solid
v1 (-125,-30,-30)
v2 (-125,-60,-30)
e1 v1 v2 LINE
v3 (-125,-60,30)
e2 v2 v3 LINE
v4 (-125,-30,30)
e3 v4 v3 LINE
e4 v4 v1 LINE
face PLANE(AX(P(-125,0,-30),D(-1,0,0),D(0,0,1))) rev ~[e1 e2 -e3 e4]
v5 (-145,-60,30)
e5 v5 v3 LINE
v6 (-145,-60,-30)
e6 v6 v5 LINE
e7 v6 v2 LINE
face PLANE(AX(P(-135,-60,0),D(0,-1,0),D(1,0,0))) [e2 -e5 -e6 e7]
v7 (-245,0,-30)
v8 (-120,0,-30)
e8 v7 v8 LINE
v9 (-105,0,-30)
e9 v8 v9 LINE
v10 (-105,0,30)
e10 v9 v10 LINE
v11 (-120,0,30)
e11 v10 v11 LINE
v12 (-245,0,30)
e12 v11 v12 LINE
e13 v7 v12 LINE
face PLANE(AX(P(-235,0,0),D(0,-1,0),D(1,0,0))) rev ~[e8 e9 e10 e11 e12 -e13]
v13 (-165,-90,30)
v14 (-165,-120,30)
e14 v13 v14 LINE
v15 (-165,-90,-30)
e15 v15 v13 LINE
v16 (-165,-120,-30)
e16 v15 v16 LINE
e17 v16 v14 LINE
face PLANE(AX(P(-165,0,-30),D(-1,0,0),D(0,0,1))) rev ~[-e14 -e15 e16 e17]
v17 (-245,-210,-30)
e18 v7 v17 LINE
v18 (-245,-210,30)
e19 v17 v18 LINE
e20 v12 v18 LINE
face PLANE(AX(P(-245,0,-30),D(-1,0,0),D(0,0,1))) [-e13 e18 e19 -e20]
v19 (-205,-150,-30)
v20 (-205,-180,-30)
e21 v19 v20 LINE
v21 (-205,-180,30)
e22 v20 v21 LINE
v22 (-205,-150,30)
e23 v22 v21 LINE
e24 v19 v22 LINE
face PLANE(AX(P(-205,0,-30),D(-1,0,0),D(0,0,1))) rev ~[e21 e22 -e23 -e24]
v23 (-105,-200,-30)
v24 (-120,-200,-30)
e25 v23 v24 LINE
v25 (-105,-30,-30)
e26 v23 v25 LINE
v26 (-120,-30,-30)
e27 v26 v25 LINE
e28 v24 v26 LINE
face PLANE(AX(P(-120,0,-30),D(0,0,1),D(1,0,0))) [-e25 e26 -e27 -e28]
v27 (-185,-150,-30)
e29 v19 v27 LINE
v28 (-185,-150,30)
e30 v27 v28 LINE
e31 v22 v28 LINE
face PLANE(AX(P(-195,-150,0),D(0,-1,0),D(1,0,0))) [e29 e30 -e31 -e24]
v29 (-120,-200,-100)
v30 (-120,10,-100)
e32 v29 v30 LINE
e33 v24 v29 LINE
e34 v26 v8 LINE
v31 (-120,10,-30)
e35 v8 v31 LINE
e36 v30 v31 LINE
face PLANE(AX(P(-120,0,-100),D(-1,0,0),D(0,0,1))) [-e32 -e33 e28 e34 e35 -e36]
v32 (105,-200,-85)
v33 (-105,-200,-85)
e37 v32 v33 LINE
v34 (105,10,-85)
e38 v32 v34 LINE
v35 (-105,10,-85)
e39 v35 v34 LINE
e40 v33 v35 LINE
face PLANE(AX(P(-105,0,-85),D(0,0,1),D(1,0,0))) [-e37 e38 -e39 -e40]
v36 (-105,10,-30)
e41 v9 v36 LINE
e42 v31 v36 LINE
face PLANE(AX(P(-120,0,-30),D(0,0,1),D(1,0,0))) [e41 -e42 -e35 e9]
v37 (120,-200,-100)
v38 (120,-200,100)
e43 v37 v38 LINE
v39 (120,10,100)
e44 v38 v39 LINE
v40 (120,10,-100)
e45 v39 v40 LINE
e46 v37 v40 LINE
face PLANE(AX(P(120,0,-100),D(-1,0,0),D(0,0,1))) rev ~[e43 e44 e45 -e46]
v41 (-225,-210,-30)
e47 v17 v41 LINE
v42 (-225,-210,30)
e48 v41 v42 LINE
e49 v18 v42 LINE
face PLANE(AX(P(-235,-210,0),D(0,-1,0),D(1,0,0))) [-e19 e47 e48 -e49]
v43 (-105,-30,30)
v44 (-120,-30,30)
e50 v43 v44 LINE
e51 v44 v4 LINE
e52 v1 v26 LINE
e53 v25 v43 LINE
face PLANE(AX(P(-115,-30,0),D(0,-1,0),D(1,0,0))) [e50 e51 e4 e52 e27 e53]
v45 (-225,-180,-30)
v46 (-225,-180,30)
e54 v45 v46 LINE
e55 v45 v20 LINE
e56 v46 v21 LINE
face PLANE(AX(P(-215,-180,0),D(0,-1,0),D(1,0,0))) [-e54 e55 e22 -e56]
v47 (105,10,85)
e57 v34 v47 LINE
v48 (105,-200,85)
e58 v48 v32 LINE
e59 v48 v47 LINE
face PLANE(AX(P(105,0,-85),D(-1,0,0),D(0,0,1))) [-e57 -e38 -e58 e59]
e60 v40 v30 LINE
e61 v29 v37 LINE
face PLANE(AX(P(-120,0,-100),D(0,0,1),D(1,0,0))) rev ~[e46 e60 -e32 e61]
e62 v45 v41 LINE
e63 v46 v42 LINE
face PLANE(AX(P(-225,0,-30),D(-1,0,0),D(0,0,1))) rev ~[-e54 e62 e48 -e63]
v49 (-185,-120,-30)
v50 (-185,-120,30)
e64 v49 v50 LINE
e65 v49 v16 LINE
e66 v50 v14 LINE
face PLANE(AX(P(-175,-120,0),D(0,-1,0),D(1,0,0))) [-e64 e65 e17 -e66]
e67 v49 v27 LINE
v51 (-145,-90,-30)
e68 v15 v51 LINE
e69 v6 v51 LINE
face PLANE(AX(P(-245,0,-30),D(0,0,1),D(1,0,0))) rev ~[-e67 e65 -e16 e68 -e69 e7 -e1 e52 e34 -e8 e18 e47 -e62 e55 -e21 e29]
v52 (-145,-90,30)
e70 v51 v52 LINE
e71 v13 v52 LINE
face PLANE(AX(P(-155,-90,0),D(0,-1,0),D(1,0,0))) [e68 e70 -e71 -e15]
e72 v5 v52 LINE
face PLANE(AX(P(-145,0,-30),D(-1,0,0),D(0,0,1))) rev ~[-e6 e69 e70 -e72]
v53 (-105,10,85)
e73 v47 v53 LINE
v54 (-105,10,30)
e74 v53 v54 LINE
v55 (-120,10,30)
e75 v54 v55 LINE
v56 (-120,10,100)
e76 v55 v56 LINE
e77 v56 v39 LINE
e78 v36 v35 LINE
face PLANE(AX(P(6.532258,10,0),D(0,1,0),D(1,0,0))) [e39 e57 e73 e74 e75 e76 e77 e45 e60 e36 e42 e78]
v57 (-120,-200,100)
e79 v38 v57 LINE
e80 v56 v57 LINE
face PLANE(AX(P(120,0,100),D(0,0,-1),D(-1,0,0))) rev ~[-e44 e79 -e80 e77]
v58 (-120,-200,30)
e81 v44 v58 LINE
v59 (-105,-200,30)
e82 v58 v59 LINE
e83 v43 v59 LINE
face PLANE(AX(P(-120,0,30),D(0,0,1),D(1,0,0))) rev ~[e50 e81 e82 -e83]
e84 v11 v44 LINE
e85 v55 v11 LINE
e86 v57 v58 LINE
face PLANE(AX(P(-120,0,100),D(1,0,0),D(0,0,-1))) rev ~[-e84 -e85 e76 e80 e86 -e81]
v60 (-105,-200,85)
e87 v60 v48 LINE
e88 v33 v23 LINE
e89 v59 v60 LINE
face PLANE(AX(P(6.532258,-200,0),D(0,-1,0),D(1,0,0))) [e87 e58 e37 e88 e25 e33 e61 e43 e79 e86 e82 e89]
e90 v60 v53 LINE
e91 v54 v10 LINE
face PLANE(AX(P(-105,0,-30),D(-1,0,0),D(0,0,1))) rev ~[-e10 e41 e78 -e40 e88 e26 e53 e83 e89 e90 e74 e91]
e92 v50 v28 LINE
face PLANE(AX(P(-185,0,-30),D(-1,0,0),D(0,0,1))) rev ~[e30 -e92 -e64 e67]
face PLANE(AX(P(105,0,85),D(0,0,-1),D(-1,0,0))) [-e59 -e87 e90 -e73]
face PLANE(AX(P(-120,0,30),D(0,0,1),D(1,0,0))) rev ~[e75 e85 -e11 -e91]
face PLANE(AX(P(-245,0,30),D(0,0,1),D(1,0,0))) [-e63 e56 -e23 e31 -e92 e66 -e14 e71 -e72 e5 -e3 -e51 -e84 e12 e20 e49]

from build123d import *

# Parameters (mm, degrees)
F1_DEPTH = 200
F2_DEPTH = 10
F3_DEPTH = 30
F0_W     = 20
F0_H     = 60
F4_DEPTH = 60
F5_DEPTH = 90
F6_DEPTH = 120
F7_DEPTH = 150
F8_DEPTH = 180
F9_DEPTH = 210


with BuildPart() as f1:
    # F0 (on Front) → F1 (new body)
    with BuildSketch(Plane.XZ):
        Polygon((120, 100), (-120, 100), (-120, 30), (-105, 30), (-105, 85), (105, 85), (105, -85), (-105, -85), (-105, -30), (-120, -30), (-120, -100), (120, -100), align=None)
    extrude(amount=F1_DEPTH)

    # F1_face (on face) → F2 (join, symmetric)
    with BuildSketch(Plane(origin=(8.881579, 0, 0), x_dir=(1, 0, 0), z_dir=(0, 1, 0))):
        Polygon((-128.881579, -100), (111.118421, -100), (111.118421, 100), (-128.881579, 100), (-128.881579, 30), (-113.881579, 30), (-113.881579, 85), (96.118421, 85), (96.118421, -85), (-113.881579, -85), (-113.881579, -30), (-128.881579, -30), align=None)
    extrude(amount=F2_DEPTH, both=True)

    # F0 (on Front) → F3 (join)
    with BuildSketch(Plane.XZ):
        Polygon((-105, 30), (-120, 30), (-125, 30), (-125, -30), (-120, -30), (-105, -30), align=None)
    extrude(amount=F3_DEPTH)

    # F0 (on Front) → F4 (join)
    with BuildSketch(Plane.XZ):
        with Locations((-135, 0)):
            Rectangle(F0_W, F0_H)
    extrude(amount=F4_DEPTH)

    # F0 (on Front) → F5 (join)
    with BuildSketch(Plane.XZ):
        with Locations((-155, 0)):
            Rectangle(F0_W, F0_H)
    extrude(amount=F5_DEPTH)

    # F0 (on Front) → F6 (join)
    with BuildSketch(Plane.XZ):
        with Locations((-175, 0)):
            Rectangle(F0_W, F0_H)
    extrude(amount=F6_DEPTH)

    # F0 (on Front) → F7 (join)
    with BuildSketch(Plane.XZ):
        with Locations((-195, 0)):
            Rectangle(F0_W, F0_H)
    extrude(amount=F7_DEPTH)

    # F0 (on Front) → F8 (join)
    with BuildSketch(Plane.XZ):
        with Locations((-215, 0)):
            Rectangle(F0_W, F0_H)
    extrude(amount=F8_DEPTH)

    # F0 (on Front) → F9 (join)
    with BuildSketch(Plane.XZ):
        with Locations((-235, 0)):
            Rectangle(F0_W, F0_H)
    extrude(amount=F9_DEPTH)


solid = f1.part
